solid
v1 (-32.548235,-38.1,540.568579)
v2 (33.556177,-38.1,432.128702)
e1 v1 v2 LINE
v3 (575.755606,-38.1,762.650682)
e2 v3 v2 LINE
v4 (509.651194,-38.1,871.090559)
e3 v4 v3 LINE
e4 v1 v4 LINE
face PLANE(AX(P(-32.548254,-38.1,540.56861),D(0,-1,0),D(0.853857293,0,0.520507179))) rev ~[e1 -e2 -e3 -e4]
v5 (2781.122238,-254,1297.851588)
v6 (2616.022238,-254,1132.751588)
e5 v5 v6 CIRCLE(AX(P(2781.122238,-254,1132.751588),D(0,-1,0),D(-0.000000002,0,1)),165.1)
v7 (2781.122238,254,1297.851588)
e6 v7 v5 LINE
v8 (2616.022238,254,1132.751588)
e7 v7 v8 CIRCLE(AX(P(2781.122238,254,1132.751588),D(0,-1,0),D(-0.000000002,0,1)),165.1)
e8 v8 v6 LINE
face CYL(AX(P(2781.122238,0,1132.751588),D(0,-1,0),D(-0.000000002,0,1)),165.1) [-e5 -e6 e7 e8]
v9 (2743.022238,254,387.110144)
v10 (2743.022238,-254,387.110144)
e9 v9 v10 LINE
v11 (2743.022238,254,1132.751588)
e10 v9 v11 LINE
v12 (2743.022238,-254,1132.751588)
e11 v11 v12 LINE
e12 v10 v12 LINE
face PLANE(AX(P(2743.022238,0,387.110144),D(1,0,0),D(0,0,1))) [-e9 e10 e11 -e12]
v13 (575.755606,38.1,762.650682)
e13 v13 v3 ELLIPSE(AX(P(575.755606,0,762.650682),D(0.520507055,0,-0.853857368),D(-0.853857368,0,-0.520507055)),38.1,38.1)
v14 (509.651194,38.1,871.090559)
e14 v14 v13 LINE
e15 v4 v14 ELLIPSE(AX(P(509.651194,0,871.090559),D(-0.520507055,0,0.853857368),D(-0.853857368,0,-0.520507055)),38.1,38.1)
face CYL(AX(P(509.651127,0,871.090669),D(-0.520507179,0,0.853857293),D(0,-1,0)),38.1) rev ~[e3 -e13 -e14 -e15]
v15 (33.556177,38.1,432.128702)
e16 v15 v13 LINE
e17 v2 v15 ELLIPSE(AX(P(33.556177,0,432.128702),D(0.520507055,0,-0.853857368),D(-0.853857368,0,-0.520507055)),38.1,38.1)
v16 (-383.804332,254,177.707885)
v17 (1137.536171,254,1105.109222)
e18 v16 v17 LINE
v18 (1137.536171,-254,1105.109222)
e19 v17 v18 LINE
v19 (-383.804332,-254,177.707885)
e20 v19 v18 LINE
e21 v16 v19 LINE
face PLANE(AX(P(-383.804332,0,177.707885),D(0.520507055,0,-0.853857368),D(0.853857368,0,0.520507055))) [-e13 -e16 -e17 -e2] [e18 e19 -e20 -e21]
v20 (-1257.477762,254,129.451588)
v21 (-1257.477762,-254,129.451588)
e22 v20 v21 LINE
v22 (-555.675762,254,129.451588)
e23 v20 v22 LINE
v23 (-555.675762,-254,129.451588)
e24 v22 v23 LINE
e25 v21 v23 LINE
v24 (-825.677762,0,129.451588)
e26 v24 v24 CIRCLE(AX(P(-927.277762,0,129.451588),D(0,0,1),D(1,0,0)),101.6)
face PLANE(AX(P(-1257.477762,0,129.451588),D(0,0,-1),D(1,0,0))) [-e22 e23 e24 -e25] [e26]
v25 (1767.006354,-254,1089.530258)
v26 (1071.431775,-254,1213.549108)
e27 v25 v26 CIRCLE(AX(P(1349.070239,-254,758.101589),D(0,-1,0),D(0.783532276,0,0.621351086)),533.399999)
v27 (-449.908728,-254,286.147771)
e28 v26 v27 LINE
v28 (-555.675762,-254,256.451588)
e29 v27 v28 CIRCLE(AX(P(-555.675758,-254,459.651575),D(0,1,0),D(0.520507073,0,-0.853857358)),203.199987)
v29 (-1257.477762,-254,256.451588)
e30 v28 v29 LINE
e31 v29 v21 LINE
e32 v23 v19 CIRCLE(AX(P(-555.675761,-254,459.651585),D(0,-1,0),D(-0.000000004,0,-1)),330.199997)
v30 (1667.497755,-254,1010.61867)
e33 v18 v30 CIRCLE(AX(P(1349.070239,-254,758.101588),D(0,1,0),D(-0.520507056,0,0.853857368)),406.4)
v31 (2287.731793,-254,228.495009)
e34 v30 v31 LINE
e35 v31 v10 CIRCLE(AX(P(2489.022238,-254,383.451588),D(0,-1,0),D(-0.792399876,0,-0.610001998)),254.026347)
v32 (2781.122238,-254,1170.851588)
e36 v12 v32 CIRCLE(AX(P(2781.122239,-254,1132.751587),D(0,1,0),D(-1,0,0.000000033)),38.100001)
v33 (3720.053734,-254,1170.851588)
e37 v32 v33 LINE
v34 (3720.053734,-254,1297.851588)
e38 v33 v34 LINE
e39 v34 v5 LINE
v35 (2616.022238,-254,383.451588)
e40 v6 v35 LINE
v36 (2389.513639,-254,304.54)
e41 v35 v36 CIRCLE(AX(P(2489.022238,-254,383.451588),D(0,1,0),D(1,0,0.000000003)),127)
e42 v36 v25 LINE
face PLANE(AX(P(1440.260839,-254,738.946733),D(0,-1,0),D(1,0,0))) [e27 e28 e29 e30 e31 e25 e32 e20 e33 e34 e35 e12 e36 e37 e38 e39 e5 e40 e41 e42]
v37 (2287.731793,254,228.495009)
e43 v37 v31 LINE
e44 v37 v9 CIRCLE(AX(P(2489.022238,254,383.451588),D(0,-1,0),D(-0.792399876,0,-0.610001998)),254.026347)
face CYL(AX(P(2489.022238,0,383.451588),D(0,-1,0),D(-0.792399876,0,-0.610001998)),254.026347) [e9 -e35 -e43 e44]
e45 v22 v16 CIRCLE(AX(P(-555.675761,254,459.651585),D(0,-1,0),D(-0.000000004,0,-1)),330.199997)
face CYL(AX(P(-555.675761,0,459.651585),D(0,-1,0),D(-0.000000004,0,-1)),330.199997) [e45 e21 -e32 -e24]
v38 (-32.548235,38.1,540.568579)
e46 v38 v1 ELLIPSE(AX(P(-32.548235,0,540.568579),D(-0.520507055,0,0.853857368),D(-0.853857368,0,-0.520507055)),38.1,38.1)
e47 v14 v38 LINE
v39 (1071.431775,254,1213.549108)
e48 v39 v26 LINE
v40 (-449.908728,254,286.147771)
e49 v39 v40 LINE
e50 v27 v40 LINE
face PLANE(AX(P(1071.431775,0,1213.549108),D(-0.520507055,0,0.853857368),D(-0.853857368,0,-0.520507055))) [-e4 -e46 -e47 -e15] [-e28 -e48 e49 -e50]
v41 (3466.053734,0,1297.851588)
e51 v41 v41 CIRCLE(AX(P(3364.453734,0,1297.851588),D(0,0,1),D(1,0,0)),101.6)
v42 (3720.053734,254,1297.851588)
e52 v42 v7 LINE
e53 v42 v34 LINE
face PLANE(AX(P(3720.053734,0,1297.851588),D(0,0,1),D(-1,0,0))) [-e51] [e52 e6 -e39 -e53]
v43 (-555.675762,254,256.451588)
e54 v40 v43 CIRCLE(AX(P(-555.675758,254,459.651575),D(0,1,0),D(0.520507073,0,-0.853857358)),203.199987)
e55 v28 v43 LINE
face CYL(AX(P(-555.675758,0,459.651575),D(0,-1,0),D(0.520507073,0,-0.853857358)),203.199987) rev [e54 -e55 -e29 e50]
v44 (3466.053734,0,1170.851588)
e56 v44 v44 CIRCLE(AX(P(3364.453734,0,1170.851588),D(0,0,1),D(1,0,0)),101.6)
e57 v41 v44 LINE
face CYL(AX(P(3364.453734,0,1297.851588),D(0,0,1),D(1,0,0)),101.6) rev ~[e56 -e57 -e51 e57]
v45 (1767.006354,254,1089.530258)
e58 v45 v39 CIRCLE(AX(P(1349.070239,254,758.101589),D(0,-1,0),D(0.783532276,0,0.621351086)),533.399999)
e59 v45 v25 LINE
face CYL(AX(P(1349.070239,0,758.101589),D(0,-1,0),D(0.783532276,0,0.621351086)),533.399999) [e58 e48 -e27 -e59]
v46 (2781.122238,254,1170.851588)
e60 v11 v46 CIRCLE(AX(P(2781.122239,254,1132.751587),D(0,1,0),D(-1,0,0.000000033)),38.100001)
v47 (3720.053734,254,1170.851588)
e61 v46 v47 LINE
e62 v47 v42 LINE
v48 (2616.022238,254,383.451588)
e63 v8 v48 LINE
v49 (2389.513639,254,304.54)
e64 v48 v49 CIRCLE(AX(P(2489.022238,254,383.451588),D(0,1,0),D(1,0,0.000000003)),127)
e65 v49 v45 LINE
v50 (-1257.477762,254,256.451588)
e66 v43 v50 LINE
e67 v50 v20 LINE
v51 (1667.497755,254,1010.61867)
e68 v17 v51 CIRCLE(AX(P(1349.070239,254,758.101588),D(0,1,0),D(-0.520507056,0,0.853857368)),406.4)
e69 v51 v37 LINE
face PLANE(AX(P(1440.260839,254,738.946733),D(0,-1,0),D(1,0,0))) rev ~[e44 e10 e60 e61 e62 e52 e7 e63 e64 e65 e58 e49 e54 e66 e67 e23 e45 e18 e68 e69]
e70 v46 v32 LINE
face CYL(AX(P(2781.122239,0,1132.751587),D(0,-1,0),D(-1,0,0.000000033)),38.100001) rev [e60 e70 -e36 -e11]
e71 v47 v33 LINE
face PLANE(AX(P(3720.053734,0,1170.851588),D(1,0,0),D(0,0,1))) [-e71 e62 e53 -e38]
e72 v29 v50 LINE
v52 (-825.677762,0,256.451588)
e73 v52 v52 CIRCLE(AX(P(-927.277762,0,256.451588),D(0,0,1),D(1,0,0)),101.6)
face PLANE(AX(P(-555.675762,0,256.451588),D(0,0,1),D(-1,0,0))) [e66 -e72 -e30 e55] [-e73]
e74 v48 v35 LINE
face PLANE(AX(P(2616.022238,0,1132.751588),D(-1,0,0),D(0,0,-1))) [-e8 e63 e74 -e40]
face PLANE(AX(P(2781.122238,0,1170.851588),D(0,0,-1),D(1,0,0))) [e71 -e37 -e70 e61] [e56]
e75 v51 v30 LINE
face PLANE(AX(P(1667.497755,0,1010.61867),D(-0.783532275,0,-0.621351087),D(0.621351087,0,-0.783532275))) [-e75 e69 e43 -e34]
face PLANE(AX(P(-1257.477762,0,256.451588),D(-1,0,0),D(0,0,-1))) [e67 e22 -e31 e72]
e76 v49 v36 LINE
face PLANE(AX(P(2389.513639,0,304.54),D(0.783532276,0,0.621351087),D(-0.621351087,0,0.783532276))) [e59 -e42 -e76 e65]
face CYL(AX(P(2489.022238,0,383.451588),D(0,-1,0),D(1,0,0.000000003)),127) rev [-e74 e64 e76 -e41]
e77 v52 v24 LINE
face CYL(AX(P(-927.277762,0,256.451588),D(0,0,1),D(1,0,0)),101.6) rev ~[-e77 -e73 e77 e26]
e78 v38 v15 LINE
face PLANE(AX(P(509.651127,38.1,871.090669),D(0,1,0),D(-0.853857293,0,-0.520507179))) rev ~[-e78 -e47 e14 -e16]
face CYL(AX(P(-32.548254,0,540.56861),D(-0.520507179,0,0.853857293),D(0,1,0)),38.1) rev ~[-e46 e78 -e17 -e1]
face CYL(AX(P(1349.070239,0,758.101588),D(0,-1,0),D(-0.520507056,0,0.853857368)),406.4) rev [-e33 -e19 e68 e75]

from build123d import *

# Parameters (mm, degrees)
F1_DEPTH = 254
F2_R     = 101.6
F3_DEPTH = 127.027347
F4_R     = 101.6
F5_DEPTH = 1168.427347
F7_DEPTH = 2304.314569


with BuildPart() as f1:
    # F0 (on Front) → F1 (new body, symmetric)
    with BuildSketch(Plane.XZ):
        with BuildLine():
            Line((-1257.477762, 256.451588), (-1257.477762, 129.451588))
            Line((-1257.477762, 129.451588), (-555.675762, 129.451588))
            ThreePointArc((-555.675762, 129.451588), (-466.417067, 141.744486), (-383.804332, 177.707885))
            Line((-383.804332, 177.707885), (1137.536171, 1105.109222))
            ThreePointArc((1137.536171, 1105.109222), (1420.405142, 1158.191942), (1667.497755, 1010.61867))
            Line((1667.497755, 1010.61867), (2287.731793, 228.495009))
            ThreePointArc((2287.731793, 228.495009), (2572.594151, 143.565948), (2743.022238, 387.110144))
            Line((2743.022238, 387.110144), (2743.022238, 1132.751588))
            ThreePointArc((2743.022238, 1132.751588), (2754.18147, 1159.692356), (2781.122238, 1170.851588))
            Line((2781.122238, 1170.851588), (3720.053734, 1170.851588))
            Line((3720.053734, 1170.851588), (3720.053734, 1297.851588))
            Line((3720.053734, 1297.851588), (2831.053734, 1297.851588))
            Line((2831.053734, 1297.851588), (2781.122238, 1297.851588))
            ThreePointArc((2781.122238, 1297.851588), (2664.378909, 1249.494918), (2616.022238, 1132.751588))
            Line((2616.022238, 1132.751588), (2616.022238, 383.451588))
            ThreePointArc((2616.022238, 383.451588), (2530.803861, 263.521208), (2389.513639, 304.54))
            Line((2389.513639, 304.54), (1767.006354, 1089.530258))
            ThreePointArc((1767.006354, 1089.530258), (1442.6973, 1283.220178), (1071.431775, 1213.549108))
            Line((1071.431775, 1213.549108), (-449.908728, 286.147771))
            ThreePointArc((-449.908728, 286.147771), (-500.747334, 264.016448), (-555.675762, 256.451588))
            Line((-555.675762, 256.451588), (-1257.477762, 256.451588))
        make_face()
    extrude(amount=F1_DEPTH, both=True)

    # F2 (on face) → F3 (cut, through all)
    with BuildSketch(Plane.XY.offset(256.451588)):
        with Locations((-927.277762, 0)):
            Circle(F2_R)
        with Locations((3364.453734, 0)):
            Circle(F2_R)
    extrude(amount=-F3_DEPTH, mode=Mode.SUBTRACT)

    # F4 (on face) → F5 (cut, through all)
    with BuildSketch(Plane.XY.offset(1297.851588)):
        with Locations((3364.453734, 0)):
            Circle(F4_R)
    extrude(amount=-F5_DEPTH, mode=Mode.SUBTRACT)

    # F6 (on face) → F7 (cut, through all)
    with BuildSketch(Plane(origin=(-249.067857, 0, 408.579332), x_dir=(0.853857, 0, 0.520507), z_dir=(-0.520507, 0, 0.853857))):
        with BuildLine():
            Line((888.578209, 38.1), (253.578209, 38.1))
            ThreePointArc((253.578209, 38.1), (215.478209, 0), (253.578209, -38.1))
            Line((253.578209, -38.1), (888.578209, -38.1))
            ThreePointArc((888.578209, -38.1), (926.678209, 0), (888.578209, 38.1))
        make_face()
    extrude(amount=-F7_DEPTH, mode=Mode.SUBTRACT)


solid = f1.part
